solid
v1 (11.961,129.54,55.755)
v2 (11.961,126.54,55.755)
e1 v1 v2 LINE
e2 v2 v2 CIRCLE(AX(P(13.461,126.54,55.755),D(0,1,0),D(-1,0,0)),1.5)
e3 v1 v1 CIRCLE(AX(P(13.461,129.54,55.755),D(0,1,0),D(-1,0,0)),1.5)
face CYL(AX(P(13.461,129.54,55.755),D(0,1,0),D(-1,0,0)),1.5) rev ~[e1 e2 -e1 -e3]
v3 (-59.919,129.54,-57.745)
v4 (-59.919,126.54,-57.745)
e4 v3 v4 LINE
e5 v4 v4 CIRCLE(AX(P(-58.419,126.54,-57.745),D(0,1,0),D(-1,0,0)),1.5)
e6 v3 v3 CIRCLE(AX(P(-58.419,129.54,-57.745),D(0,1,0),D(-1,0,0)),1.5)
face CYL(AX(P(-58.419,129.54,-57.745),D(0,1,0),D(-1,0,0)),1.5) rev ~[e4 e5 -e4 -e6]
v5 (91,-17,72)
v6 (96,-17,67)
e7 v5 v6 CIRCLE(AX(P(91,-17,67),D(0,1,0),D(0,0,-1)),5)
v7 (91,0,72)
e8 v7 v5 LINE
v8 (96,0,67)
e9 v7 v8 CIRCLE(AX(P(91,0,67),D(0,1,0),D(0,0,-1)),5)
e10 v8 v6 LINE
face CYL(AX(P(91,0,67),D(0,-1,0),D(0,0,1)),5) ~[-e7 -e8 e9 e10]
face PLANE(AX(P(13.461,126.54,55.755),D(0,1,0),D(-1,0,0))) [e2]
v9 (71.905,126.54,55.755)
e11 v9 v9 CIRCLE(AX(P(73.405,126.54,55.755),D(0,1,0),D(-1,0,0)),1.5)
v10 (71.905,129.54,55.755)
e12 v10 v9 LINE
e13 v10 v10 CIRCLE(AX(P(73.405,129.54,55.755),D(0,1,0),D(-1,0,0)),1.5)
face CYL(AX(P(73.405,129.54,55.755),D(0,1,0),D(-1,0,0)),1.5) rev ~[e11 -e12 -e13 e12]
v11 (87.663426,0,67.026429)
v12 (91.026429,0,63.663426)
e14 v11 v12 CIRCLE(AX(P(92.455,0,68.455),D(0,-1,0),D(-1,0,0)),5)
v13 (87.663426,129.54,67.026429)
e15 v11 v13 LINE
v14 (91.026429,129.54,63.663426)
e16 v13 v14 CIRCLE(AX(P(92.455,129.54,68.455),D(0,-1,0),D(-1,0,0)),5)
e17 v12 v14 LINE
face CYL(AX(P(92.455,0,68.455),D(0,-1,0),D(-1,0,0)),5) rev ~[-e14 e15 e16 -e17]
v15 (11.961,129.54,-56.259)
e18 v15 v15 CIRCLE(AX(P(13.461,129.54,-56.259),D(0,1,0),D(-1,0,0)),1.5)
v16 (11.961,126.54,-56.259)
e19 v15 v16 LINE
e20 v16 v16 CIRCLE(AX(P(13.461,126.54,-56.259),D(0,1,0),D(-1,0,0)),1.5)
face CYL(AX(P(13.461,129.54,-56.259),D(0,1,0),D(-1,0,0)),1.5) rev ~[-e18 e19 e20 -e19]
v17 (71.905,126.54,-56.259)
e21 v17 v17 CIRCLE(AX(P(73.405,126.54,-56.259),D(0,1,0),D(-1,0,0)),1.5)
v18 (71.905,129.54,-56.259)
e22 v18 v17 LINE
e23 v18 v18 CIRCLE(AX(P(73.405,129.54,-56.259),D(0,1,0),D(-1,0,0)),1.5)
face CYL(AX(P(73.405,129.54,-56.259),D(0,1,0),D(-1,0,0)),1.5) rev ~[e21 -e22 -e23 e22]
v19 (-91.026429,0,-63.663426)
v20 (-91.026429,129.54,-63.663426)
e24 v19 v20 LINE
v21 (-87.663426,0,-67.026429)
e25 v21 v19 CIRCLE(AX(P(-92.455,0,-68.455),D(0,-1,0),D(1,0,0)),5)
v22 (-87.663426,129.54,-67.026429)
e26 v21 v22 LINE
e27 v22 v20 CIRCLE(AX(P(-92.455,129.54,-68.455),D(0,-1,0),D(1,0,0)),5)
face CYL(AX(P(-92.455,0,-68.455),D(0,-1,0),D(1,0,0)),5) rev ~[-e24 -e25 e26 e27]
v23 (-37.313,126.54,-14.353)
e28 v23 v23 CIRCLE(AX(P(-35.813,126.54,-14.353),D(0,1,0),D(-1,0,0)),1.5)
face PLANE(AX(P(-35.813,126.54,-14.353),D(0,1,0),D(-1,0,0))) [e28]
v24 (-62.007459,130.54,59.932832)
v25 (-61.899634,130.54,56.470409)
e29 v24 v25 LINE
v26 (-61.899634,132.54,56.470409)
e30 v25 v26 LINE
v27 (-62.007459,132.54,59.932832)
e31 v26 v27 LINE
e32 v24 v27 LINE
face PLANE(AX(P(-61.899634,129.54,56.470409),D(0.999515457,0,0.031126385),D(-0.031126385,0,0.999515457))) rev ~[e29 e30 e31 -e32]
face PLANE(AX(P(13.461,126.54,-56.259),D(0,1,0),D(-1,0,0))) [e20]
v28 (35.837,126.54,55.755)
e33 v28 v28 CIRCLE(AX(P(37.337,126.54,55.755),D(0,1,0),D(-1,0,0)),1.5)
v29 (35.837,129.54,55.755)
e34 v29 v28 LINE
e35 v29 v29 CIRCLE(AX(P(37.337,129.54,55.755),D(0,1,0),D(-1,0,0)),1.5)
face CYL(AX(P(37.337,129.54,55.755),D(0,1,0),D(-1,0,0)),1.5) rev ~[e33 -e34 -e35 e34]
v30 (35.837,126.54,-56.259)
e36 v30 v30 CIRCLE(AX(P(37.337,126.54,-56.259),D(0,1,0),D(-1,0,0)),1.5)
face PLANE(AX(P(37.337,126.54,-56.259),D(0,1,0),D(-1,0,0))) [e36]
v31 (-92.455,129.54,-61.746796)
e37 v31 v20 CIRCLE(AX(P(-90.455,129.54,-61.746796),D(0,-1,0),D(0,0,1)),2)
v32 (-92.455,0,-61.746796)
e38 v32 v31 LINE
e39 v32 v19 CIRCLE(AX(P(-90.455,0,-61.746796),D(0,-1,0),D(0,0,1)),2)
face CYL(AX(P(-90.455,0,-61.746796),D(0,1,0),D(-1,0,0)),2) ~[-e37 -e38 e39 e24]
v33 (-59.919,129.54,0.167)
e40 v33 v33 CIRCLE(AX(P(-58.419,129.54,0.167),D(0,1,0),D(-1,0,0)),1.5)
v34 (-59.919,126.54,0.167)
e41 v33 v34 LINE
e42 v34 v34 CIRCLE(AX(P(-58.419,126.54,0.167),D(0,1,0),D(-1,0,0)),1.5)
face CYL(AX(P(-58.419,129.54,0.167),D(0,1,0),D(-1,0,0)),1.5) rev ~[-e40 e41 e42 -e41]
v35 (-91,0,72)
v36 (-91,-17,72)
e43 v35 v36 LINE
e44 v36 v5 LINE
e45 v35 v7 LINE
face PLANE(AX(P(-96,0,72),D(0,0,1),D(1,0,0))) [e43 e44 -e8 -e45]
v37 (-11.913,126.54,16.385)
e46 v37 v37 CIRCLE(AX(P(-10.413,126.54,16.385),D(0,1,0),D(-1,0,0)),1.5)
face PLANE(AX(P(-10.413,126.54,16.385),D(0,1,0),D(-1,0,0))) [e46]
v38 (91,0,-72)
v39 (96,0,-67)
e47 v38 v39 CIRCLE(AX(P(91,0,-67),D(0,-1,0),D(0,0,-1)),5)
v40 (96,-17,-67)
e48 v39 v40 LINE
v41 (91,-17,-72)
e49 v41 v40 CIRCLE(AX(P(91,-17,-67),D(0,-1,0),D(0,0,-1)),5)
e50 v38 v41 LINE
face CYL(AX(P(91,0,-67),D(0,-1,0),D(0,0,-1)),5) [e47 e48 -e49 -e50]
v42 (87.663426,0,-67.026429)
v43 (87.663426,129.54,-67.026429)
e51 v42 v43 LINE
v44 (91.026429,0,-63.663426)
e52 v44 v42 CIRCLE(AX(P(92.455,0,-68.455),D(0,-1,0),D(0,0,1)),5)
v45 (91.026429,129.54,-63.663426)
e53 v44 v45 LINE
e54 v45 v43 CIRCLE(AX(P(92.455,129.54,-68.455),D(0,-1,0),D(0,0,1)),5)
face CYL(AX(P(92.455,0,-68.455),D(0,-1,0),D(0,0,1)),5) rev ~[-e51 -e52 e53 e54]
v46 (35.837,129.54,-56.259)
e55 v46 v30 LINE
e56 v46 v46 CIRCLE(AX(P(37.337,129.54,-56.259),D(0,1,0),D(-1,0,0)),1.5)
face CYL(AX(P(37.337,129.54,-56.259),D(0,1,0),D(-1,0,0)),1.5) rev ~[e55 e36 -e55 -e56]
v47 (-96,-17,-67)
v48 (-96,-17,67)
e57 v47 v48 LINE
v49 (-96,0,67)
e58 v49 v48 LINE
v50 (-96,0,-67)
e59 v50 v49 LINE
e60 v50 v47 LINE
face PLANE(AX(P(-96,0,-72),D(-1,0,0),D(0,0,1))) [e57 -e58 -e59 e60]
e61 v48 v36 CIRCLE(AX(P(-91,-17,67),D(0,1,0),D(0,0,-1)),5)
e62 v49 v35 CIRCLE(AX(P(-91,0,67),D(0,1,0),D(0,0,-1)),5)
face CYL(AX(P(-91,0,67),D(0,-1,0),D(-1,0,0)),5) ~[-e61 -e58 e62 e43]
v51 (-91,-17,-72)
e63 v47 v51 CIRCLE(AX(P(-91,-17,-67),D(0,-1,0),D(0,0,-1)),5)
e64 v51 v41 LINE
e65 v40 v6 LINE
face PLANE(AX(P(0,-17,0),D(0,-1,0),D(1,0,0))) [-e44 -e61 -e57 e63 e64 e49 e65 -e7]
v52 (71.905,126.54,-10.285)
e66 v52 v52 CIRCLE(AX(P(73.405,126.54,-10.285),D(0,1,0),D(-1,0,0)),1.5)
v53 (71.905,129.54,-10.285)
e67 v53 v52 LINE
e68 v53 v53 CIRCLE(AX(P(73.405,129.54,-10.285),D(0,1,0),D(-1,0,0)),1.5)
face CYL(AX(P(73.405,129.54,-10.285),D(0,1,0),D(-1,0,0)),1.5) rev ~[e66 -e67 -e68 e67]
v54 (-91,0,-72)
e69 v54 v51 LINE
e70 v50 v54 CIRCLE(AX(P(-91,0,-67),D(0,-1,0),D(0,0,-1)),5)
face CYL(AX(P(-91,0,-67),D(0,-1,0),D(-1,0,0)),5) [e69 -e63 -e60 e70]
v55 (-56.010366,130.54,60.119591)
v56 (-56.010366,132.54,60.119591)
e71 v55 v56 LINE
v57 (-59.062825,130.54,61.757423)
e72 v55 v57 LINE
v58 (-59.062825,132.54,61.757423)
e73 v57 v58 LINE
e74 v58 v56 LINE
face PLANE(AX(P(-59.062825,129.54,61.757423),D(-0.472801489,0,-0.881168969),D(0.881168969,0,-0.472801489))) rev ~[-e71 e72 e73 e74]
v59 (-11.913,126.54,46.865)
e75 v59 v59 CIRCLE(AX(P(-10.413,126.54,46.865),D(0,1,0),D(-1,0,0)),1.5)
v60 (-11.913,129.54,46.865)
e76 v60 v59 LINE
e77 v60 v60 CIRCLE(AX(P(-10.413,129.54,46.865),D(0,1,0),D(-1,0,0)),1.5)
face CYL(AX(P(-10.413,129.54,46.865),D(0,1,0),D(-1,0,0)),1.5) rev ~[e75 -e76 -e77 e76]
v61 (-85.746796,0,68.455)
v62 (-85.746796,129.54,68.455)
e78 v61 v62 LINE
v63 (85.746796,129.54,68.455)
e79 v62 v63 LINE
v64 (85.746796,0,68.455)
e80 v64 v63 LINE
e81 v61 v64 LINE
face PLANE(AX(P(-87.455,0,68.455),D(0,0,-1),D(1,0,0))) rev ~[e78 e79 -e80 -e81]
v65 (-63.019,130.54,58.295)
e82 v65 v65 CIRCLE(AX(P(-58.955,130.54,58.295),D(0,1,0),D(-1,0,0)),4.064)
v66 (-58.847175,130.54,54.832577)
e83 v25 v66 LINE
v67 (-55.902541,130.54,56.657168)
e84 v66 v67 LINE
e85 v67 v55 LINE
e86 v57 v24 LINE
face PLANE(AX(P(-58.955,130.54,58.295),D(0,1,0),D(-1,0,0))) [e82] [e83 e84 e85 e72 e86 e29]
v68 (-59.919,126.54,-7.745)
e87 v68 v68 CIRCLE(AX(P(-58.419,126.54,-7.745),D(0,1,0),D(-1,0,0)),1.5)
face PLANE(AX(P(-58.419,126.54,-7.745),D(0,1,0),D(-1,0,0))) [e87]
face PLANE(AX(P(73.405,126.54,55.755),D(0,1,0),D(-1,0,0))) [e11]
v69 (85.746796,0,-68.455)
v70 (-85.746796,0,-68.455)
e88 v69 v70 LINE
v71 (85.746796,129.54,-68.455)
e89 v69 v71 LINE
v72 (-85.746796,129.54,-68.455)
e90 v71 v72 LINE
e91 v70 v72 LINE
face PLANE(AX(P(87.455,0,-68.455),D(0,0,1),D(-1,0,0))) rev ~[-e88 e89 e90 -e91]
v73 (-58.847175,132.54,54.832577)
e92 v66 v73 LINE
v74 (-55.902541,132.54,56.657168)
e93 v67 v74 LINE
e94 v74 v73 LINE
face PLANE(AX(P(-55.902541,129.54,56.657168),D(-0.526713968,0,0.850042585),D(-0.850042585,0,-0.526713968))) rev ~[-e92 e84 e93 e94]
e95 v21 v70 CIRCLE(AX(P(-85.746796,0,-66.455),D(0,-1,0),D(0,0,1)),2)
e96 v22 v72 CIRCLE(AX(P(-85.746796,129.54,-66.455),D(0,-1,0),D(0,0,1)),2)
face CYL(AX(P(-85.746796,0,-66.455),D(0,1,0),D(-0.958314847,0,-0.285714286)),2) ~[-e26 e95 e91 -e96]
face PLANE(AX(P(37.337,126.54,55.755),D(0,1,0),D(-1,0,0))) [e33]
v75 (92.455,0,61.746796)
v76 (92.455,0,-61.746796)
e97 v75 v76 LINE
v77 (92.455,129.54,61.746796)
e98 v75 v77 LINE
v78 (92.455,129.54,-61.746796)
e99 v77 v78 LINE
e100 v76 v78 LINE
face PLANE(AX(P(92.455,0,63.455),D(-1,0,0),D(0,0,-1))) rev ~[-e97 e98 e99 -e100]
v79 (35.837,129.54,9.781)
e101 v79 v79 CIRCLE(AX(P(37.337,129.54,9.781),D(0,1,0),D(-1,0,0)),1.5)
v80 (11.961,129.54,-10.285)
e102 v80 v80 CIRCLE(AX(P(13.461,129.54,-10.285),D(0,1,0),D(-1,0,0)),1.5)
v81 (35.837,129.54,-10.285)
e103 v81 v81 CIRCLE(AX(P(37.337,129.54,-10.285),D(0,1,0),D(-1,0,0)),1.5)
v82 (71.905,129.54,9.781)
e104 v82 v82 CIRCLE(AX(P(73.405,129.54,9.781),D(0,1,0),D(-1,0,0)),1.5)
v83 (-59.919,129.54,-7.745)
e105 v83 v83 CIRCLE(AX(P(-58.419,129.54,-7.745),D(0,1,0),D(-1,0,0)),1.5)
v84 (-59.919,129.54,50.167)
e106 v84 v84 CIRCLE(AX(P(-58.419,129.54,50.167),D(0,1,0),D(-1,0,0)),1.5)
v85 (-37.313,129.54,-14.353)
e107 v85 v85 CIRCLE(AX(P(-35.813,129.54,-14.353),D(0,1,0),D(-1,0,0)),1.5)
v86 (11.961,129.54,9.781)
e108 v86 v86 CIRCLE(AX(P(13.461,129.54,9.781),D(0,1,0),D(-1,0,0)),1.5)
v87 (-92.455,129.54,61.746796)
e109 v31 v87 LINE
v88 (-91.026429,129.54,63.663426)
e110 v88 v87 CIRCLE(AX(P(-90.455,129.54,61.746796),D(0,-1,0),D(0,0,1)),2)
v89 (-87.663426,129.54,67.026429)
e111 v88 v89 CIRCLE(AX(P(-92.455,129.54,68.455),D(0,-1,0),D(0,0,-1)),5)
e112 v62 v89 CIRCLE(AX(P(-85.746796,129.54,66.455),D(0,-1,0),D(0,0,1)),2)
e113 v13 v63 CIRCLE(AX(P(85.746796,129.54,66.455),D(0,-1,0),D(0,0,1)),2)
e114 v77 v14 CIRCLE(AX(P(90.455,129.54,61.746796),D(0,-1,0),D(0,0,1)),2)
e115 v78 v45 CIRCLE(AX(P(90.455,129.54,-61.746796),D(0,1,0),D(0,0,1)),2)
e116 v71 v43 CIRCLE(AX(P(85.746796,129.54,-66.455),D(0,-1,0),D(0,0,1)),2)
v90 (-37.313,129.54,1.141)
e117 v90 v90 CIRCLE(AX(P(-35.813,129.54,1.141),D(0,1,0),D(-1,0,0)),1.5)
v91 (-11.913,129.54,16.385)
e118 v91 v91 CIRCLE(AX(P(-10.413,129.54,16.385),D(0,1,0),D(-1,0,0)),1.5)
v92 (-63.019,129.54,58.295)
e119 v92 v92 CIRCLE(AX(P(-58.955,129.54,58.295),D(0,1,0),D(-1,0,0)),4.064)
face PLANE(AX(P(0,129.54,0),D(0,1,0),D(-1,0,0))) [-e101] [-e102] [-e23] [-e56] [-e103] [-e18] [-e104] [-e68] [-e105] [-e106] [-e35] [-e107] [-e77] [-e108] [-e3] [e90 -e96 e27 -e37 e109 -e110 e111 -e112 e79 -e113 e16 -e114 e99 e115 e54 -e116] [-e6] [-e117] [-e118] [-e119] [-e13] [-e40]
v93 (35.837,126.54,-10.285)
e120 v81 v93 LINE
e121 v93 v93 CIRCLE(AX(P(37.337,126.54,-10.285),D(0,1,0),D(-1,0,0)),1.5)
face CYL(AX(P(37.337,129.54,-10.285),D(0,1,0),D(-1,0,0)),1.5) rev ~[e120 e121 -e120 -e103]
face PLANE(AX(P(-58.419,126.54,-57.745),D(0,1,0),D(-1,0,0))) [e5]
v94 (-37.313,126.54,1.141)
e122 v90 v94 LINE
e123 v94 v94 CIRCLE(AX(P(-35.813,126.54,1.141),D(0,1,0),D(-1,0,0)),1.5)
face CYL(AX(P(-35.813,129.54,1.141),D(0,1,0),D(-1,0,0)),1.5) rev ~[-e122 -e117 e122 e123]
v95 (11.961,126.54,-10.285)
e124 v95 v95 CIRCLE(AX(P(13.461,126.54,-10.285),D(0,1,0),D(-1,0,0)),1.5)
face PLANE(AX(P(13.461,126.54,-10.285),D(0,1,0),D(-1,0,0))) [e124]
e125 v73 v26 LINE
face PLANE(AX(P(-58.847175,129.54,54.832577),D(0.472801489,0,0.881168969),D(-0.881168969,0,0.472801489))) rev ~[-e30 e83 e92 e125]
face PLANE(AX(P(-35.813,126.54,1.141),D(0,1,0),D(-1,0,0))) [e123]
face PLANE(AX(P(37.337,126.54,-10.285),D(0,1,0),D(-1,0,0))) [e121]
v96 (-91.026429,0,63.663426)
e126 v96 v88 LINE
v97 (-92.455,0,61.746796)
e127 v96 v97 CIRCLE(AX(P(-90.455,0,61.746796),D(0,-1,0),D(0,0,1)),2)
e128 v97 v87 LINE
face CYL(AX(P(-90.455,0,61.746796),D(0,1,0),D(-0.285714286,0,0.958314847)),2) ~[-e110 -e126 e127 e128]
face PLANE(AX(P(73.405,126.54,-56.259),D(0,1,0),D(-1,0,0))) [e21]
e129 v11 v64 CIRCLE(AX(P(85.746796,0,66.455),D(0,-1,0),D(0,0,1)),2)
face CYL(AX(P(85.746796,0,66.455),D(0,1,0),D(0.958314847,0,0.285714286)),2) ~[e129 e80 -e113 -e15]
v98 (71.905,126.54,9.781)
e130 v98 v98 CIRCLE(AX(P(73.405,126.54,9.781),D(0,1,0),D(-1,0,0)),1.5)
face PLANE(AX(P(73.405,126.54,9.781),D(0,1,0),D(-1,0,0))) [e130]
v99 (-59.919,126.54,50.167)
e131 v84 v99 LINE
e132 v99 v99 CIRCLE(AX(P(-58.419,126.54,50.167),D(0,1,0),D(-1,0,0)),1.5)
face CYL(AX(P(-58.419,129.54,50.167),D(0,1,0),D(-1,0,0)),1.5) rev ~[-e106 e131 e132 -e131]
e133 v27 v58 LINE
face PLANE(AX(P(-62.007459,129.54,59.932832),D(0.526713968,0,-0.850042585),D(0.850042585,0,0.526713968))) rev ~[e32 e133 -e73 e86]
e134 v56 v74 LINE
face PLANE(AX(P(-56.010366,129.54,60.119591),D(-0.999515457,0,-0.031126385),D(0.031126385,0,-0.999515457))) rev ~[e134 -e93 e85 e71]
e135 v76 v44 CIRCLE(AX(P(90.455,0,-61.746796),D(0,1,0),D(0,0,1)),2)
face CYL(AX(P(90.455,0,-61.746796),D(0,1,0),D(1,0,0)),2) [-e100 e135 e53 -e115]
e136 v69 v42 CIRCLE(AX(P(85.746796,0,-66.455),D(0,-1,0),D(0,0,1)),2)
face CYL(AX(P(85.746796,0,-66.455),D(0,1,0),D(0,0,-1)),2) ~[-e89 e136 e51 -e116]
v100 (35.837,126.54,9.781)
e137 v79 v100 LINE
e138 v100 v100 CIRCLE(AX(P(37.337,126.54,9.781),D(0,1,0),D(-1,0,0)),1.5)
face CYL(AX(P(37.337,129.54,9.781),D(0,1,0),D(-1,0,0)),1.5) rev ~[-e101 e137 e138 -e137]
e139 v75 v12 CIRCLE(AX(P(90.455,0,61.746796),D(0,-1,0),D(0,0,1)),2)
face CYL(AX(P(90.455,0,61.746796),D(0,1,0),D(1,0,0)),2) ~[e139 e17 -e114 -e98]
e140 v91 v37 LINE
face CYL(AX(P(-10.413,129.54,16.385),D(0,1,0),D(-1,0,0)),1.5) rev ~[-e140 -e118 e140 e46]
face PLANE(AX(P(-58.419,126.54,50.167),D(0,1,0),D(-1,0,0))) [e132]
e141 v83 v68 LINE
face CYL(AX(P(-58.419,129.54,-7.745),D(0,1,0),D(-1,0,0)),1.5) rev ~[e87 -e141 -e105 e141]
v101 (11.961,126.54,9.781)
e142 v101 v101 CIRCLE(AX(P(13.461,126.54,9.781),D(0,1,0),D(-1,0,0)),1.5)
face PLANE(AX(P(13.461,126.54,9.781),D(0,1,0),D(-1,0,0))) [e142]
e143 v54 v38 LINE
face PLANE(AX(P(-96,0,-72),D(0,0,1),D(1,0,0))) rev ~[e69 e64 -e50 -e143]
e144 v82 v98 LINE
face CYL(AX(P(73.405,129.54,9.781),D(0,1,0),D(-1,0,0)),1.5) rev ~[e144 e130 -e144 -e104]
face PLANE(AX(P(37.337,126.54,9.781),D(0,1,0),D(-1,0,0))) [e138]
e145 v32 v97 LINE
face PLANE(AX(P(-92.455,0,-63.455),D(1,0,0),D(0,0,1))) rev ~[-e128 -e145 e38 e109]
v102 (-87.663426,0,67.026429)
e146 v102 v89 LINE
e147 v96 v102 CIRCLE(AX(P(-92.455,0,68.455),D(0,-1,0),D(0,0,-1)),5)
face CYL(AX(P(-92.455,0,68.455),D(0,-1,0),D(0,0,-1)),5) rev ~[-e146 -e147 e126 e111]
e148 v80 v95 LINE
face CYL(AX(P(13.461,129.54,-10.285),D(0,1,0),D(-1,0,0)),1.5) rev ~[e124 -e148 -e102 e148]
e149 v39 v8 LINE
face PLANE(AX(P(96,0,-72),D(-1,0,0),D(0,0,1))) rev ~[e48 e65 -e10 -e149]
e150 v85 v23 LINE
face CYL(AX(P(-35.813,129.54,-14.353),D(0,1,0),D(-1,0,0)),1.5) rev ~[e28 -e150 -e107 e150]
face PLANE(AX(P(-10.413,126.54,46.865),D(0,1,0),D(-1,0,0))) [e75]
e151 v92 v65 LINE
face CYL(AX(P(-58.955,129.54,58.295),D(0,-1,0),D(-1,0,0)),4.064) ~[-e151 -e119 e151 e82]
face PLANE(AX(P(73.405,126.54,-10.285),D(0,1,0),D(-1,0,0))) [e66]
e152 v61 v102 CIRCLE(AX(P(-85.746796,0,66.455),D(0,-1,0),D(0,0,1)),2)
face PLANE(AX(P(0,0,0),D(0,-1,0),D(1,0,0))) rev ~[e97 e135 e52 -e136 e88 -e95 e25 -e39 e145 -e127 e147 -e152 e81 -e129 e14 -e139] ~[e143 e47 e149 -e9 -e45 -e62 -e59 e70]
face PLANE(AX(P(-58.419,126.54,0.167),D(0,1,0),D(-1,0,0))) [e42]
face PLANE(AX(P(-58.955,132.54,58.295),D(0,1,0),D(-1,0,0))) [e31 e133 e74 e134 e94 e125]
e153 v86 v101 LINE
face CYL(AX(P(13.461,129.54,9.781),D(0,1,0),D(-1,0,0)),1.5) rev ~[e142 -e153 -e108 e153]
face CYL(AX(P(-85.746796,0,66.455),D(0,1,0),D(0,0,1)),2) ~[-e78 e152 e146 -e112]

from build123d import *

# Parameters (mm, degrees)
F0_W     = 192
F0_H     = 144
F1_DEPTH = 17
F3_DEPTH = 129.54
F4_R     = 2
F5_R     = 5
F6_R     = 1.5
F7_DEPTH = 3
F6_R_2   = 4.064
F8_DEPTH = 1
F9_DEPTH = 3


with BuildPart() as f1:
    # F0 (on Front) → F1 (new body)
    with BuildSketch(Plane.XZ):
        Rectangle(F0_W, F0_H)
    extrude(amount=F1_DEPTH)

    # F2 (on face) → F3 (join)
    with BuildSketch(Plane(origin=(0, 0, 0), x_dir=(-1, 0, 0), z_dir=(0, 1, 0))):
        with BuildLine():
            ThreePointArc((-92.455, -63.455), (-88.9194660941, -64.9194660941), (-87.455, -68.455))
            Line((-87.455, -68.455), (87.455, -68.455))
            ThreePointArc((87.455, -68.455), (88.9194660941, -64.9194660941), (92.455, -63.455))
            Line((92.455, -63.455), (92.455, 63.455))
            ThreePointArc((92.455, 63.455), (88.9194660941, 64.9194660941), (87.455, 68.455))
            Line((87.455, 68.455), (-87.455, 68.455))
            ThreePointArc((-87.455, 68.455), (-88.9194660941, 64.9194660941), (-92.455, 63.455))
            Line((-92.455, 63.455), (-92.455, -63.455))
        make_face()
    extrude(amount=F3_DEPTH)

    # F4
    f4_edges = [f1.edges().sort_by_distance(p)[0] for p in [
        (-87.455, 64.77, 68.455),
        (-92.455, 64.77, 63.455),
        (-92.455, 64.77, -63.455),
        (-87.455, 64.77, -68.455),
        (87.455, 64.77, -68.455),
        (92.455, 64.77, -63.455),
        (92.455, 64.77, 63.455),
        (87.455, 64.77, 68.455),
    ]]
    fillet(f4_edges, radius=F4_R)

    # F5
    f5_edges = [f1.edges().sort_by_distance(p)[0] for p in [
        (96, -8.5, 72),
        (-96, -8.5, 72),
        (-96, -8.5, -72),
        (96, -8.5, -72),
    ]]
    fillet(f5_edges, radius=F5_R)

    # F6 (on face) → F7 (cut)
    with BuildSketch(Plane(origin=(0, 129.54, 0), x_dir=(-1, 0, 0), z_dir=(0, 1, 0))):
        with Locations((-73.405, 55.755)):
            Circle(F6_R)
        with Locations((-37.337, 55.755)):
            Circle(F6_R)
        with Locations((-13.461, 55.755)):
            Circle(F6_R)
        with Locations((-73.405, 9.781)):
            Circle(F6_R)
        with Locations((-37.337, 9.781)):
            Circle(F6_R)
        with Locations((-13.461, 9.781)):
            Circle(F6_R)
        with Locations((-73.405, -10.285)):
            Circle(F6_R)
        with Locations((-13.461, -56.259)):
            Circle(F6_R)
        with Locations((-37.337, -10.285)):
            Circle(F6_R)
        with Locations((-13.461, -10.285)):
            Circle(F6_R)
        with Locations((-73.405, -56.259)):
            Circle(F6_R)
        with Locations((-37.337, -56.259)):
            Circle(F6_R)
        with Locations((10.413, 46.865)):
            Circle(F6_R)
        with Locations((10.413, 16.385)):
            Circle(F6_R)
        with Locations((58.419, 50.167)):
            Circle(F6_R)
        with Locations((58.419, 0.167)):
            Circle(F6_R)
        with Locations((58.419, -7.745)):
            Circle(F6_R)
        with Locations((58.419, -57.745)):
            Circle(F6_R)
        with Locations((35.813, 1.141)):
            Circle(F6_R)
        with Locations((35.813, -14.353)):
            Circle(F6_R)
    extrude(amount=-F7_DEPTH, mode=Mode.SUBTRACT)

    # F6 (on face) → F8 (join)
    with BuildSketch(Plane(origin=(0, 129.54, 0), x_dir=(-1, 0, 0), z_dir=(0, 1, 0))):
        with Locations((58.955, 58.295)):
            Circle(F6_R_2)
        Polygon((62.0074588497, 59.9328324002), (61.8996338905, 56.4704092923), (58.8471750409, 54.8325768921), (55.9025411503, 56.6571675998), (56.0103661095, 60.1195907077), (59.0628249591, 61.7574231079), align=None, mode=Mode.SUBTRACT)
        Polygon((58.8471750409, 54.8325768921), (61.8996338905, 56.4704092923), (62.0074588497, 59.9328324002), (59.0628249591, 61.7574231079), (56.0103661095, 60.1195907077), (55.9025411503, 56.6571675998), align=None)
    extrude(amount=F8_DEPTH)

    # F6 (on face) → F9 (join)
    with BuildSketch(Plane(origin=(0, 129.54, 0), x_dir=(-1, 0, 0), z_dir=(0, 1, 0))):
        Polygon((58.8471750409, 54.8325768921), (61.8996338905, 56.4704092923), (62.0074588497, 59.9328324002), (59.0628249591, 61.7574231079), (56.0103661095, 60.1195907077), (55.9025411503, 56.6571675998), align=None)
    extrude(amount=F9_DEPTH)


solid = f1.part
